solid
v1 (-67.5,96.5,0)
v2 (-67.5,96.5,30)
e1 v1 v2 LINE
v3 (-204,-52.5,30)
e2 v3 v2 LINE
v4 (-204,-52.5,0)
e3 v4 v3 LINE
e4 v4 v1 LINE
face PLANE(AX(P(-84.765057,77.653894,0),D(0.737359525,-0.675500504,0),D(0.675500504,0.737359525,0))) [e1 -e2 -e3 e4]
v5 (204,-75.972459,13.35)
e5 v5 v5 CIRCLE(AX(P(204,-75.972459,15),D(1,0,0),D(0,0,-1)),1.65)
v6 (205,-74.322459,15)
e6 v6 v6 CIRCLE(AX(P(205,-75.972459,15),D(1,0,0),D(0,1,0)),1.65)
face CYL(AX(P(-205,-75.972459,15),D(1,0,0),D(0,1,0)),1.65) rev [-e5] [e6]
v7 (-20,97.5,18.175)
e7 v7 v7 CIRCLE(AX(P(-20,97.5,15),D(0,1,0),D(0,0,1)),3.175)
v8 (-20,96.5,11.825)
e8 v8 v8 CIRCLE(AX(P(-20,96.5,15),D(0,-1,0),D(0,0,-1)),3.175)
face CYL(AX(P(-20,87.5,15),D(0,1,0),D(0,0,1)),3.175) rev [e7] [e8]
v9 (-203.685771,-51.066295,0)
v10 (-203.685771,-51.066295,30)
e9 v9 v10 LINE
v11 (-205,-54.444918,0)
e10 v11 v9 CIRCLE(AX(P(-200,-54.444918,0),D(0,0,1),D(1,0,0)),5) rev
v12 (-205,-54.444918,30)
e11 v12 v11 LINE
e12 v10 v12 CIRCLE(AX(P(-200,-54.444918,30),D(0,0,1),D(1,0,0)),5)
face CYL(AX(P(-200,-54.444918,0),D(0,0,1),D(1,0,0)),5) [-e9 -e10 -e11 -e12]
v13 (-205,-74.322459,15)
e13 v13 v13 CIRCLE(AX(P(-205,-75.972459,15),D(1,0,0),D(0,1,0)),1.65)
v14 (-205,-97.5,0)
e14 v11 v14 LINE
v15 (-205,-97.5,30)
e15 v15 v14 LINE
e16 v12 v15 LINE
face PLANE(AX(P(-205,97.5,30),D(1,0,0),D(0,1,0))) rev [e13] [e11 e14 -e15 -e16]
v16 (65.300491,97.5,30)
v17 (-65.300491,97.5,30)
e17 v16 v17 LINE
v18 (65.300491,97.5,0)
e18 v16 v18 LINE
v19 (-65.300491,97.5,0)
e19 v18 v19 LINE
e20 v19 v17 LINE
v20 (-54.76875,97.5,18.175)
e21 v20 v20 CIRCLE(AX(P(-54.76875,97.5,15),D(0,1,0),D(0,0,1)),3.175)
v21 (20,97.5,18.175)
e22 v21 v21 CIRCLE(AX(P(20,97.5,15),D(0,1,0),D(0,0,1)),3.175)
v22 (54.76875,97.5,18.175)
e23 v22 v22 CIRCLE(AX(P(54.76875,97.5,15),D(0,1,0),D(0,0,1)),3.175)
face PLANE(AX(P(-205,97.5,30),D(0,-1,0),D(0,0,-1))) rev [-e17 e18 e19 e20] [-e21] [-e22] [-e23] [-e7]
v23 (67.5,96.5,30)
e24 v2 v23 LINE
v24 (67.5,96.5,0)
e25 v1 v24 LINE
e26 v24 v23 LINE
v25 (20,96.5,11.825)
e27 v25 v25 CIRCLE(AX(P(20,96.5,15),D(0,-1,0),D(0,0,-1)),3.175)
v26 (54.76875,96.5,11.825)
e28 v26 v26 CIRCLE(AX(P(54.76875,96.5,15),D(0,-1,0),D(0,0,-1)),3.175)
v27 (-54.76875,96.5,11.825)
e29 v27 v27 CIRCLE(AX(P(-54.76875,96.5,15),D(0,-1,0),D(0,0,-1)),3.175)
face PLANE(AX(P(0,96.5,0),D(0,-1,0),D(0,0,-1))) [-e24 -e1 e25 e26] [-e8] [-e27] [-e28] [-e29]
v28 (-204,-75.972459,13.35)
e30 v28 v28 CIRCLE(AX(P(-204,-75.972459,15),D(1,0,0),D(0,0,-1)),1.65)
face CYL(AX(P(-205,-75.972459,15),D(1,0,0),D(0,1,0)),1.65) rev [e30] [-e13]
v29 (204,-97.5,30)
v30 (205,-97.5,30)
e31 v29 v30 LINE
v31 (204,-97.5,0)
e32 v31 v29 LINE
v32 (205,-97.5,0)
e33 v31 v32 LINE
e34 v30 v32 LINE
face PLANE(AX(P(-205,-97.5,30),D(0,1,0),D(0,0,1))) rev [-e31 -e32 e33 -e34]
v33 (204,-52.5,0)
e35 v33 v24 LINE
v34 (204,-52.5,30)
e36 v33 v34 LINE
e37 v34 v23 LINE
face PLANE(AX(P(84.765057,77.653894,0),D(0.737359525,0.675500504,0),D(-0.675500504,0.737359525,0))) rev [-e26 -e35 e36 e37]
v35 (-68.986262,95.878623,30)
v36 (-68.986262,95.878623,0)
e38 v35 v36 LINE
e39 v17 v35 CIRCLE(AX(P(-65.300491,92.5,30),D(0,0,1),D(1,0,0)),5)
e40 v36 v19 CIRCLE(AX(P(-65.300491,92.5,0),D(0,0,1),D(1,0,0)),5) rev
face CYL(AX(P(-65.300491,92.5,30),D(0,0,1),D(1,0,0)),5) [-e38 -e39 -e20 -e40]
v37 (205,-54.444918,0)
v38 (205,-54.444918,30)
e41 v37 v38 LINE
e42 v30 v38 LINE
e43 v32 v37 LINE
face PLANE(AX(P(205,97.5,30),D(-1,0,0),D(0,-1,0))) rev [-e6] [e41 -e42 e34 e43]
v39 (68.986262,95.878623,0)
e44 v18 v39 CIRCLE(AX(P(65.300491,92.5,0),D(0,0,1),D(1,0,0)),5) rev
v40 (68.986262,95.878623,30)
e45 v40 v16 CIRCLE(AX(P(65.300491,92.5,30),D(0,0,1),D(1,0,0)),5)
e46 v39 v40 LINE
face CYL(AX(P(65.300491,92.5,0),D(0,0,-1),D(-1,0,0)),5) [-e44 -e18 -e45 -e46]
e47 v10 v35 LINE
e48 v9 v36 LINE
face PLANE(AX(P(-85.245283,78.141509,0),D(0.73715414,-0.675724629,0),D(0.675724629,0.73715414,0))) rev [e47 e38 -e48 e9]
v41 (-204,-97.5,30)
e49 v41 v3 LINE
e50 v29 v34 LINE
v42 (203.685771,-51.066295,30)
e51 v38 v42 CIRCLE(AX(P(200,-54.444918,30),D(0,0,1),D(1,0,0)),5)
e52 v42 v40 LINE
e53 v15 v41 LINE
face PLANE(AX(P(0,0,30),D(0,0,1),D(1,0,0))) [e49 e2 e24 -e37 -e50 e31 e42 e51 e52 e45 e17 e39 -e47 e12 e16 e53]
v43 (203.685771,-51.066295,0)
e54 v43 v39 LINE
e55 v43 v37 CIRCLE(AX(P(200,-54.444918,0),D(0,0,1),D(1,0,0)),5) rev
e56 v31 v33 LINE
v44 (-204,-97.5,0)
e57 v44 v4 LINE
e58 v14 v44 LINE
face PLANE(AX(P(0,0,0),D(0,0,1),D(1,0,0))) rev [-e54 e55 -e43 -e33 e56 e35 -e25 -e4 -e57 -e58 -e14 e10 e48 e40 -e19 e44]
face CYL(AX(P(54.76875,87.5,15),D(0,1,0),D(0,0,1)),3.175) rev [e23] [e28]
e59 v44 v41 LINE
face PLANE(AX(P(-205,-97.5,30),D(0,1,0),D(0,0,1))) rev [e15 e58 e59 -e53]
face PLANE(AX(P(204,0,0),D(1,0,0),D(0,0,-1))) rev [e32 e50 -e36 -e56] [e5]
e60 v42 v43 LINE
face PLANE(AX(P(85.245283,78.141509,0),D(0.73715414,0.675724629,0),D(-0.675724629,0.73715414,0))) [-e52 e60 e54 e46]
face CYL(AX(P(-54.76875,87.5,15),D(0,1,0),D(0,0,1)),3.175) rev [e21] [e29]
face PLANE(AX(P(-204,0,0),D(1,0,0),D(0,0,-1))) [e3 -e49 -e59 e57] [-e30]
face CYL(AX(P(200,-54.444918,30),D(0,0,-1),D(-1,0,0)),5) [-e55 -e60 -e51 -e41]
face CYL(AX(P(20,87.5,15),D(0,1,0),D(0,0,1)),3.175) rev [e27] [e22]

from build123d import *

# Parameters (mm, degrees)
SKETCH1_W           = 410
SKETCH1_H           = 195
BOSS_EXTRUDE1_DEPTH = 30
CUT_EXTRUDE1_DEPTH  = 30
CUT_EXTRUDE2_DEPTH  = 30
FILLET1_R           = 5
FILLET4_R           = 5
FILLET5_R           = 5
FILLET6_R           = 5
SKETCH4_R           = 1.65
CUT_EXTRUDE3_DEPTH  = 423.5
SKETCH5_R           = 3.175
CUT_EXTRUDE4_DEPTH  = 10


with BuildPart() as part:
    # Sketch1 → Boss-Extrude1 (new body)
    with BuildSketch(Plane.XY):
        Rectangle(SKETCH1_W, SKETCH1_H)
    extrude(amount=BOSS_EXTRUDE1_DEPTH)

    # Sketch2 → Cut-Extrude1 (cut)
    with BuildSketch(Plane.XY.offset(30)):
        Polygon((-205, 97.5), (-205, -52.5), (-67.5, 97.5), align=None)
        Polygon((205, 97.5), (67.5, 97.5), (205, -52.5), align=None)
    extrude(amount=-CUT_EXTRUDE1_DEPTH, mode=Mode.SUBTRACT)

    # Sketch3 → Cut-Extrude2 (cut)
    with BuildSketch(Plane.XY.offset(30)):
        Polygon((-67.5, 96.5), (-204, -52.5), (-204, -97.5), (204, -97.5), (204, -52.5), (67.5, 96.5), align=None)
    extrude(amount=-CUT_EXTRUDE2_DEPTH, mode=Mode.SUBTRACT)

    # Fillet1
    fillet1_edges = [part.edges().sort_by_distance(p)[0] for p in [
        (-205, -52.5, 15),
    ]]
    fillet(fillet1_edges, radius=FILLET1_R)

    # Fillet4
    fillet4_edges = [part.edges().sort_by_distance(p)[0] for p in [
        (-67.5, 97.5, 15),
    ]]
    fillet(fillet4_edges, radius=FILLET4_R)

    # Fillet5
    fillet5_edges = [part.edges().sort_by_distance(p)[0] for p in [
        (67.5, 97.5, 15),
    ]]
    fillet(fillet5_edges, radius=FILLET5_R)

    # Fillet6
    fillet6_edges = [part.edges().sort_by_distance(p)[0] for p in [
        (205, -52.5, 15),
    ]]
    fillet(fillet6_edges, radius=FILLET6_R)

    # Sketch4 → Cut-Extrude3 (cut, through all)
    with BuildSketch(Plane(origin=(205, 0, 0), x_dir=(0, 0, -1), z_dir=(1, 0, 0))):
        with Locations(Location((-15, -75.972459226, 0), (0, 0, 90))):
            Circle(SKETCH4_R)
    extrude(amount=-CUT_EXTRUDE3_DEPTH, mode=Mode.SUBTRACT)

    # Sketch5 → Cut-Extrude4 (cut)
    with BuildSketch(Plane(origin=(0, 97.5, 0), x_dir=(1, 0, 0), z_dir=(0, 1, 0))):
        with Locations(Location((-20, -15, 0), (0, 0, 270))):
            Circle(SKETCH5_R)
        with Locations(Location((20, -15, 0), (0, 0, 270))):
            Circle(SKETCH5_R)
        with Locations(Location((54.768750122, -15, 0), (0, 0, 270))):
            Circle(SKETCH5_R)
        with Locations(Location((-54.768749878, -15, 0), (0, 0, 270))):
            Circle(SKETCH5_R)
    extrude(amount=-CUT_EXTRUDE4_DEPTH, mode=Mode.SUBTRACT)


solid = part.part
